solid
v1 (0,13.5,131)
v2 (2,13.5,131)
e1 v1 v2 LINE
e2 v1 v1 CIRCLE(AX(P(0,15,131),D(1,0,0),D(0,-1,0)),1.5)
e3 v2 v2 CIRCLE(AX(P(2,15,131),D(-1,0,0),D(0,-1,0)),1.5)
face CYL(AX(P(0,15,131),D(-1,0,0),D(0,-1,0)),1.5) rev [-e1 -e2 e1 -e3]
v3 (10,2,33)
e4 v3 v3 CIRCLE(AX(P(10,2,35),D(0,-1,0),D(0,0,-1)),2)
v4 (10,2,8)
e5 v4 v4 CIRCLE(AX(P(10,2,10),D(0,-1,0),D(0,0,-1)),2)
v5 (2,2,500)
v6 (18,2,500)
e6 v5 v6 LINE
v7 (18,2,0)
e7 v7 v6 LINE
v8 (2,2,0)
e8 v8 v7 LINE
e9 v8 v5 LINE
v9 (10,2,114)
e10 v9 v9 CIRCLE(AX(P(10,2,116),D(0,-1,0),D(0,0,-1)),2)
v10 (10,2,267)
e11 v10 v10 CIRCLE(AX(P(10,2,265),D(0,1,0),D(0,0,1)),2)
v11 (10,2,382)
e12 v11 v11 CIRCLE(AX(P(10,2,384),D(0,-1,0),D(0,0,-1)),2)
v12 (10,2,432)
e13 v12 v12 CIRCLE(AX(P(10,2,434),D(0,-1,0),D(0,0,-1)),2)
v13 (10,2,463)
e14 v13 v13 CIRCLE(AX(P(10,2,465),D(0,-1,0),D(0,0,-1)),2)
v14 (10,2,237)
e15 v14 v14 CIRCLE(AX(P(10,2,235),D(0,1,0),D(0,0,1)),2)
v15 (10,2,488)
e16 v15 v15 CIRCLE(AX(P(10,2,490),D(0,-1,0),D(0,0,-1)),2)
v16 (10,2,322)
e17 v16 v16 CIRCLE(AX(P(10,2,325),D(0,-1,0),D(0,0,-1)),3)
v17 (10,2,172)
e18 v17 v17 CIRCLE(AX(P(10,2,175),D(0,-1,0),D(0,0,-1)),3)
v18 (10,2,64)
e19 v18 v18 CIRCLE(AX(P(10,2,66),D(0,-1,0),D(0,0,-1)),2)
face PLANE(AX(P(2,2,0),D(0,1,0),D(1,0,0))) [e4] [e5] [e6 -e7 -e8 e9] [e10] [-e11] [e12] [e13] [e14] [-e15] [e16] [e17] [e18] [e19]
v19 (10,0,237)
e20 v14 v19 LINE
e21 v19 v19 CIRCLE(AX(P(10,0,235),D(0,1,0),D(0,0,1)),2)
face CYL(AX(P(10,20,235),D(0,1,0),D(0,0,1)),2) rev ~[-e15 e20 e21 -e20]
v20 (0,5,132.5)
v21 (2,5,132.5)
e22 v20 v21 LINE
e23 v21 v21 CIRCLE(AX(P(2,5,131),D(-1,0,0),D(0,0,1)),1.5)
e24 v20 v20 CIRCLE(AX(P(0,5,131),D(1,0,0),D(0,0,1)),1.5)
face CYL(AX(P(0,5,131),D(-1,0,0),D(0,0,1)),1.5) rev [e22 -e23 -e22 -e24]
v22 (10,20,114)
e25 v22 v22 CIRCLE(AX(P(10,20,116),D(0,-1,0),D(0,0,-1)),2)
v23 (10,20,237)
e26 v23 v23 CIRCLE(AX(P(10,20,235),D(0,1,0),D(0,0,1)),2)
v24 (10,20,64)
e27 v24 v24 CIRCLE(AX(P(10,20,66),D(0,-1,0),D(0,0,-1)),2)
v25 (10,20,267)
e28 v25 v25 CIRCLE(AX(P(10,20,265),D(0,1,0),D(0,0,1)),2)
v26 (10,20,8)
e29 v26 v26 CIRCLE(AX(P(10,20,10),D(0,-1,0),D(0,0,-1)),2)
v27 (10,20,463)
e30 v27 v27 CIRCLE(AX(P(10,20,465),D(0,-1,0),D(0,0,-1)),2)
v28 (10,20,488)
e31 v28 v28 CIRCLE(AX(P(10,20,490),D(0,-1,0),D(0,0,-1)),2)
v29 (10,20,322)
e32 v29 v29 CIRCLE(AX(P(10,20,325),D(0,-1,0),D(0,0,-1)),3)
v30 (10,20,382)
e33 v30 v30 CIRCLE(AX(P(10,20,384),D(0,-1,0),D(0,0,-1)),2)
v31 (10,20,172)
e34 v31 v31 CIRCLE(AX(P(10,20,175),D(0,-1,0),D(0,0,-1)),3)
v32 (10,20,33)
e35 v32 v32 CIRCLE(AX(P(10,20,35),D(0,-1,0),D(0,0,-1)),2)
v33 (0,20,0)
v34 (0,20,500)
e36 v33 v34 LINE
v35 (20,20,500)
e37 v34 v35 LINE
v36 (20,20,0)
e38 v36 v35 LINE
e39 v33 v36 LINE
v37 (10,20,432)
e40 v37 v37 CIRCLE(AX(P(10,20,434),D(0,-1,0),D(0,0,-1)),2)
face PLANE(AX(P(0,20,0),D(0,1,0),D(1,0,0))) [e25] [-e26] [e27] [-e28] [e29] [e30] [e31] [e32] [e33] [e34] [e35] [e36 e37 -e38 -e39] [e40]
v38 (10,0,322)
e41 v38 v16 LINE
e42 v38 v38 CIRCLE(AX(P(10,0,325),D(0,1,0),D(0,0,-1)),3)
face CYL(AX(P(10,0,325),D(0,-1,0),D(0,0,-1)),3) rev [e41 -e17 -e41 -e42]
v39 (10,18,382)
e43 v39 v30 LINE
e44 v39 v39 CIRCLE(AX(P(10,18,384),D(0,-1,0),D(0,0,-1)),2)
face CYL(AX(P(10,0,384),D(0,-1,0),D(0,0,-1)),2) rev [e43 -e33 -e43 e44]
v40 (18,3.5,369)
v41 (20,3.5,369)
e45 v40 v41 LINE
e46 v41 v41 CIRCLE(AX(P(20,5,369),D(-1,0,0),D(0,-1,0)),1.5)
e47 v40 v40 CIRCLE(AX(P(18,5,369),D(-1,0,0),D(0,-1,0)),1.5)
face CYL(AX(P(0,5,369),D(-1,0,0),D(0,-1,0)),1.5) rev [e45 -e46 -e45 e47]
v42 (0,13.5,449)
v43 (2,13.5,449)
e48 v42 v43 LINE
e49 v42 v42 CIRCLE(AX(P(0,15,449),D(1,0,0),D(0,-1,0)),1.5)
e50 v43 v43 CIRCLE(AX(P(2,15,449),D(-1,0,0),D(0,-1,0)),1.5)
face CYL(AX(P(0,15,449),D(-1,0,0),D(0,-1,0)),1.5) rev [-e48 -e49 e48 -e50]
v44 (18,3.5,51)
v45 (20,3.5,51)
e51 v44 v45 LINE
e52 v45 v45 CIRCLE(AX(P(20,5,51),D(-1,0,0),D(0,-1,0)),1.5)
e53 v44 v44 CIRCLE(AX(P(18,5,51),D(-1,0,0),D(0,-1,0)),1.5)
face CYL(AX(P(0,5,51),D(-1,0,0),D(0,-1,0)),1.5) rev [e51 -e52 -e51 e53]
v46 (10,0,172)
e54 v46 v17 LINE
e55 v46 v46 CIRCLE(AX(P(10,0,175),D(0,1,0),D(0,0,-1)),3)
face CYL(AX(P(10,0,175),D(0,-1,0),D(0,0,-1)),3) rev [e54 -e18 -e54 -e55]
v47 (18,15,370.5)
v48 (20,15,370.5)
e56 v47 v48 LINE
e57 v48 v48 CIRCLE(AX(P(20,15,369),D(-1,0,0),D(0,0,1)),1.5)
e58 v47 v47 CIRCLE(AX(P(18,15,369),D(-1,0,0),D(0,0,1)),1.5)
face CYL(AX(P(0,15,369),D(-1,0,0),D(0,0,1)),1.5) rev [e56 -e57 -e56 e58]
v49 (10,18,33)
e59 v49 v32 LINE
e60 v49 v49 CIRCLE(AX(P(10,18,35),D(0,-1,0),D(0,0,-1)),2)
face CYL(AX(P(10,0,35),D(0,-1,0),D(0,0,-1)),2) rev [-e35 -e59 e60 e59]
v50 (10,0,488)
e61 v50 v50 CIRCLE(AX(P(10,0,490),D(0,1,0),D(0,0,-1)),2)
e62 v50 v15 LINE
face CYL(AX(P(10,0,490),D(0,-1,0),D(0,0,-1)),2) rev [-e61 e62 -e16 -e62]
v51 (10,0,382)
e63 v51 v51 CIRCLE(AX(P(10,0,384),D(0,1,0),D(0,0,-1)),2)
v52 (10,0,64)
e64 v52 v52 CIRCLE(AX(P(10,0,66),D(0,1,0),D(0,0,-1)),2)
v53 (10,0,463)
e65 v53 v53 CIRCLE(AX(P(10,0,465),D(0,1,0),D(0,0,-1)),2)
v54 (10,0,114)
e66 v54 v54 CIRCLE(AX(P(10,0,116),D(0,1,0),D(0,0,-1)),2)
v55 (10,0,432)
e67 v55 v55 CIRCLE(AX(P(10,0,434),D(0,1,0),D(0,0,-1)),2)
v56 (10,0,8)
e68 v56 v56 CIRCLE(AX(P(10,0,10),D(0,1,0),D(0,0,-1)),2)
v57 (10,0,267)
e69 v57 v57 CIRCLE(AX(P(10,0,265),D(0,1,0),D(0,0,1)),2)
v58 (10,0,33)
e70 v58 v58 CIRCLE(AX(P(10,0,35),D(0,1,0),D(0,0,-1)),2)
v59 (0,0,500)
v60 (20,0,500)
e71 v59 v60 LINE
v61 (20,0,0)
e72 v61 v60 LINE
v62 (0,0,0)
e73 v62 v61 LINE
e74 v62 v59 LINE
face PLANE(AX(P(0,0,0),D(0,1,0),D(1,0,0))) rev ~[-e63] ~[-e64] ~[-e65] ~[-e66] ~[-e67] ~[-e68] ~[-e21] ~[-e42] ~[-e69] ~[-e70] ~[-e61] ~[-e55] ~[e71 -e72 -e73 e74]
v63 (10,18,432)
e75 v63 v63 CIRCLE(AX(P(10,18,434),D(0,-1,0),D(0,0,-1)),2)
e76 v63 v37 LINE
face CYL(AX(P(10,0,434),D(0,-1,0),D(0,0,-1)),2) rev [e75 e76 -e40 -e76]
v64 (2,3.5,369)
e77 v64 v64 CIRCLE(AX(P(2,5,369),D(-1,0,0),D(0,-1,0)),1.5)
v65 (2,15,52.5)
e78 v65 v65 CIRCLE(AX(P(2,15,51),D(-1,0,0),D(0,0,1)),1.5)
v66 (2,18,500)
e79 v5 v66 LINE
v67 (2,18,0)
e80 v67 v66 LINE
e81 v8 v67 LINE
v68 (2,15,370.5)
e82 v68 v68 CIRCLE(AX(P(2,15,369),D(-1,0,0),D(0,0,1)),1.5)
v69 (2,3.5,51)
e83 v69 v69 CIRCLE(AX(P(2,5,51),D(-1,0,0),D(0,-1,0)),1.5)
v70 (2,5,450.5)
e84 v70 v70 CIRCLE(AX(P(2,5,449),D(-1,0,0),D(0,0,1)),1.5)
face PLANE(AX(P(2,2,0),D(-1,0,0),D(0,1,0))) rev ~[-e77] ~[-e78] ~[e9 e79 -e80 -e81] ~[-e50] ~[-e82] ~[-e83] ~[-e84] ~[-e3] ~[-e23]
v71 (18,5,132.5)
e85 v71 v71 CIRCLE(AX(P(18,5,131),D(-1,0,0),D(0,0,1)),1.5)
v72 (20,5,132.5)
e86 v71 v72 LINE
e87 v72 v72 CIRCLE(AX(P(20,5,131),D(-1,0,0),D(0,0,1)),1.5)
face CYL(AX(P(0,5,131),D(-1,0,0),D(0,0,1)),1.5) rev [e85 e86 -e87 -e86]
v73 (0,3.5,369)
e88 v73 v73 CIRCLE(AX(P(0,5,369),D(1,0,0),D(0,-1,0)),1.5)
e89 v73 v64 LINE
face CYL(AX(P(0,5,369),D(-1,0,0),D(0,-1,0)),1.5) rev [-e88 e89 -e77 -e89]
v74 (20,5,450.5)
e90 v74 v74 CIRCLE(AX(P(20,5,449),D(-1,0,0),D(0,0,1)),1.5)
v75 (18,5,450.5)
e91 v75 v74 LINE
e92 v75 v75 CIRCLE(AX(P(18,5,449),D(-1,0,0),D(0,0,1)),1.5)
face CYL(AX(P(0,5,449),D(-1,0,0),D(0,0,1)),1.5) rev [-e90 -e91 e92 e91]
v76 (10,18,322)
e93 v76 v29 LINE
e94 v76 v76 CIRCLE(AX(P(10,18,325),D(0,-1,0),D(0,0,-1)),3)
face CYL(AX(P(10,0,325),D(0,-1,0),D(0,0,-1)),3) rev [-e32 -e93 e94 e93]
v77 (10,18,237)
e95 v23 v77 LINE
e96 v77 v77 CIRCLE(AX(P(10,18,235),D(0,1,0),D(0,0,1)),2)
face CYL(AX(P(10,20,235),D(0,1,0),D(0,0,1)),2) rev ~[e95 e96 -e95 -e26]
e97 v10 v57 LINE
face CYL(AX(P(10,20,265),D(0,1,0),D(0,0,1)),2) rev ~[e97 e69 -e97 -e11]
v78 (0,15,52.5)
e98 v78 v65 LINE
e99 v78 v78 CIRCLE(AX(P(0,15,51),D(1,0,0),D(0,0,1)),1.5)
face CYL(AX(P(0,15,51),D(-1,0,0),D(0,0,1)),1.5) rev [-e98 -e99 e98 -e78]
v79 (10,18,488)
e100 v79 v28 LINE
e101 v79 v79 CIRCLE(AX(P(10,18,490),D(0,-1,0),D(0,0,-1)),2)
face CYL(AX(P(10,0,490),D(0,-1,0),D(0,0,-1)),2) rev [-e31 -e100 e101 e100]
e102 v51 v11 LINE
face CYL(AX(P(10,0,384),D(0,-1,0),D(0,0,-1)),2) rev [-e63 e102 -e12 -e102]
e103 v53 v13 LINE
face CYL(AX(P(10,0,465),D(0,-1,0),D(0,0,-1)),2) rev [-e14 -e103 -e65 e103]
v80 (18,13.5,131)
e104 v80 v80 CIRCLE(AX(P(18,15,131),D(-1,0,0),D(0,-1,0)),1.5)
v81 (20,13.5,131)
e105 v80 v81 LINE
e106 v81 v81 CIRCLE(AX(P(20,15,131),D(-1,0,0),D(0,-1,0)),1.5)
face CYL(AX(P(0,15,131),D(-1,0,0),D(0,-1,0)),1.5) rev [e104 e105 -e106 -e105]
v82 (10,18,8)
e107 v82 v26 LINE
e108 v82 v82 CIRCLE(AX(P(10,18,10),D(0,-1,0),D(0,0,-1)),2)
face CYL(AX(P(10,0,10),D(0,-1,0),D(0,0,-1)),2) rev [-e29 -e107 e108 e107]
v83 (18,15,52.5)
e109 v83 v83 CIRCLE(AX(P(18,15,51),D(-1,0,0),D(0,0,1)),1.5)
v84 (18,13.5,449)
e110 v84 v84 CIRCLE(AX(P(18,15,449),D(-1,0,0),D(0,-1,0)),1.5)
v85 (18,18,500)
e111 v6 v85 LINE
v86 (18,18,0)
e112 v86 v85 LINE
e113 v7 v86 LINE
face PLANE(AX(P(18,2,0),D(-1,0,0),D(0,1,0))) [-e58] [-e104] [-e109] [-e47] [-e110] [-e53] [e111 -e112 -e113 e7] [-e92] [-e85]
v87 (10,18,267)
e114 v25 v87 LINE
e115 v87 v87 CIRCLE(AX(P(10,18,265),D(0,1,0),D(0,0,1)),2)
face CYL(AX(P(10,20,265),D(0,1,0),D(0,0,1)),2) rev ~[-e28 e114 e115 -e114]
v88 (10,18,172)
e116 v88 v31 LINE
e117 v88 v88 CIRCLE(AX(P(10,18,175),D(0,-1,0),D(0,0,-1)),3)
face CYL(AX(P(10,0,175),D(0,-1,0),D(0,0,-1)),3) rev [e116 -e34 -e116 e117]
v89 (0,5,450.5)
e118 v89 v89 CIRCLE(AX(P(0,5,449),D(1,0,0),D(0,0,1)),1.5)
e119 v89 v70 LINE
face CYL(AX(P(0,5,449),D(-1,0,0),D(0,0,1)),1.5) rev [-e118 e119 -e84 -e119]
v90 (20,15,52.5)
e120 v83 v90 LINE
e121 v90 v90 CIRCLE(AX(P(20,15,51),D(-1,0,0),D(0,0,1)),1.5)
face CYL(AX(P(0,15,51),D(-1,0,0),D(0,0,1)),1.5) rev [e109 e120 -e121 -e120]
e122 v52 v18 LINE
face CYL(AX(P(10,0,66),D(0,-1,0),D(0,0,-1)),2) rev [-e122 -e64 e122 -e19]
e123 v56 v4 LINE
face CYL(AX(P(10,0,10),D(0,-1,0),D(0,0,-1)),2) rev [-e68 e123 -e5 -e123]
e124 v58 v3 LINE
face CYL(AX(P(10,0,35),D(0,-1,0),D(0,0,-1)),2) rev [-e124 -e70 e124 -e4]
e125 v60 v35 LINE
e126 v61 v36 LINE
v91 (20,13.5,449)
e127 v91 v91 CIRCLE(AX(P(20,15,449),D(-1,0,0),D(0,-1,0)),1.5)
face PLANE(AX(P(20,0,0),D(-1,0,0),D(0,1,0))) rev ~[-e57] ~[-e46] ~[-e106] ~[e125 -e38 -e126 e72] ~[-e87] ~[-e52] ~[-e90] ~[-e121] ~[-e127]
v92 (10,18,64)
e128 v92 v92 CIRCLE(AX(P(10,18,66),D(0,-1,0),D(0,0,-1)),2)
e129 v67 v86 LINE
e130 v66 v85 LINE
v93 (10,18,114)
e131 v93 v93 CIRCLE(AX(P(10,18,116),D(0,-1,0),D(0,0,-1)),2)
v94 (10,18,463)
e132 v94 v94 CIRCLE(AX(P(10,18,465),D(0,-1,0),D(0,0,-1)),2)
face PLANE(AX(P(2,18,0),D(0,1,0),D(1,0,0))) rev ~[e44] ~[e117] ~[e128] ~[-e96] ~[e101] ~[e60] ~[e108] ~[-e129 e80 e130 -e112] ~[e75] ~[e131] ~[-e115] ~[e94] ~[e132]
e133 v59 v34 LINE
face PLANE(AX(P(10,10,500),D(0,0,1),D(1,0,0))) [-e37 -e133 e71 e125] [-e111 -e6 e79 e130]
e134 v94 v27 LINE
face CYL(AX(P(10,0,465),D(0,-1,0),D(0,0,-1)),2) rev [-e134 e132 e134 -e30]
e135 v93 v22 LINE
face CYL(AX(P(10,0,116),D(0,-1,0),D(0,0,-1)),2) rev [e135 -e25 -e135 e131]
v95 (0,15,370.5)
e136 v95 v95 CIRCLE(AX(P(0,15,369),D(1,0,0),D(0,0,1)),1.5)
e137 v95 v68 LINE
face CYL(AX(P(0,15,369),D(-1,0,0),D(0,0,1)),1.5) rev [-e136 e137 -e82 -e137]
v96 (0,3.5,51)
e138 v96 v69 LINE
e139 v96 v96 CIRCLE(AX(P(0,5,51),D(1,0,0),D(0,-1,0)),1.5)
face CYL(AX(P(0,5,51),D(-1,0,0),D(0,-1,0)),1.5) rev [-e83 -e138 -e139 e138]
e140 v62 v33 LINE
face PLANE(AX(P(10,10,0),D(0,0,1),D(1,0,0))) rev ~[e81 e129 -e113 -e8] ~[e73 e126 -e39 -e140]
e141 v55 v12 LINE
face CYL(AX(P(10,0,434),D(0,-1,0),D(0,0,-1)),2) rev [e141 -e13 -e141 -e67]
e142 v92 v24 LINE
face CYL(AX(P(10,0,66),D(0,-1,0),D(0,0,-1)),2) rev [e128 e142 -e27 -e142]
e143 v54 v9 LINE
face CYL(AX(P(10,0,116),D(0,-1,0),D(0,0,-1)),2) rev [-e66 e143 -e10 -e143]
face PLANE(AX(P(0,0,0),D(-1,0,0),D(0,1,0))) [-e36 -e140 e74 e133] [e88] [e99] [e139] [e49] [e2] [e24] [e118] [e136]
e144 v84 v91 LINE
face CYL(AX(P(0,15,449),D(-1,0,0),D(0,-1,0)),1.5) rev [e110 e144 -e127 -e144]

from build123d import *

# Parameters (mm, degrees)
SKETCH_1_W          = 20
SKETCH_1_H          = 20
SKETCH_1_W_2        = 16
SKETCH_1_H_2        = 16
EXTRUDE_1_DEPTH     = 500
SKETCH_2_R          = 3
SKETCH_2_R_2        = 2
CUT_EXTRUDE_1_DEPTH = 501.799361022
SKETCH_3_R          = 1.5
CUT_EXTRUDE_2_DEPTH = 501.799361022
SKETCH_4_R          = 2
CUT_EXTRUDE_3_DEPTH = 501.799361022


with BuildPart() as part:
    # 草图1 → 凸台-拉伸1 (new body)
    with BuildSketch(Plane.XY):
        with Locations((10, 10)):
            Rectangle(SKETCH_1_W, SKETCH_1_H)
        with Locations((10, 10)):
            Rectangle(SKETCH_1_W_2, SKETCH_1_H_2, mode=Mode.SUBTRACT)
    extrude(amount=EXTRUDE_1_DEPTH)

    # 草图2 → 切除-拉伸1 (cut, through all)
    with BuildSketch(Plane(origin=(0, 0, 0), x_dir=(1, 0, 0), z_dir=(0, 1, 0))):
        with Locations(Location((10, -175, 0), (0, 0, 90))):
            Circle(SKETCH_2_R)
        with Locations(Location((10, -325, 0), (0, 0, 90))):
            Circle(SKETCH_2_R)
        with Locations(Location((10, -10, 0), (0, 0, 90))):
            Circle(SKETCH_2_R_2)
        with Locations(Location((10, -66, 0), (0, 0, 90))):
            Circle(SKETCH_2_R_2)
        with Locations(Location((10, -116, 0), (0, 0, 90))):
            Circle(SKETCH_2_R_2)
        with Locations(Location((10, -35, 0), (0, 0, 90))):
            Circle(SKETCH_2_R_2)
        with Locations(Location((10, -384, 0), (0, 0, 90))):
            Circle(SKETCH_2_R_2)
        with Locations(Location((10, -434, 0), (0, 0, 90))):
            Circle(SKETCH_2_R_2)
        with Locations(Location((10, -465, 0), (0, 0, 90))):
            Circle(SKETCH_2_R_2)
        with Locations(Location((10, -490, 0), (0, 0, 90))):
            Circle(SKETCH_2_R_2)
    extrude(amount=CUT_EXTRUDE_1_DEPTH, mode=Mode.SUBTRACT)

    # 草图3 → 切除-拉伸2 (cut, through all)
    with BuildSketch(Plane(origin=(0, 0, 0), x_dir=(0, 0, -1), z_dir=(1, 0, 0))):
        with Locations(Location((-449, 15, 0), (0, 0, 270))):
            Circle(SKETCH_3_R)
        with Locations(Location((-449, 5, 0), (0, 0, 180))):
            Circle(SKETCH_3_R)
        with Locations(Location((-369, 5, 0), (0, 0, 270))):
            Circle(SKETCH_3_R)
        with Locations(Location((-369, 15, 0), (0, 0, 180))):
            Circle(SKETCH_3_R)
        with Locations(Location((-131, 15, 0), (0, 0, 270))):
            Circle(SKETCH_3_R)
        with Locations(Location((-131, 5, 0), (0, 0, 180))):
            Circle(SKETCH_3_R)
        with Locations(Location((-51, 5, 0), (0, 0, 270))):
            Circle(SKETCH_3_R)
        with Locations(Location((-51, 15, 0), (0, 0, 180))):
            Circle(SKETCH_3_R)
    extrude(amount=CUT_EXTRUDE_2_DEPTH, mode=Mode.SUBTRACT)

    # 草图4 → 切除-拉伸3 (cut, through all)
    with BuildSketch(Plane(origin=(0, 20, 0), x_dir=(1, 0, 0), z_dir=(0, 1, 0))):
        with Locations(Location((10, -265, 0), (0, 0, 270))):
            Circle(SKETCH_4_R)
        with Locations(Location((10, -235, 0), (0, 0, 270))):
            Circle(SKETCH_4_R)
    extrude(amount=-CUT_EXTRUDE_3_DEPTH, mode=Mode.SUBTRACT)


solid = part.part
